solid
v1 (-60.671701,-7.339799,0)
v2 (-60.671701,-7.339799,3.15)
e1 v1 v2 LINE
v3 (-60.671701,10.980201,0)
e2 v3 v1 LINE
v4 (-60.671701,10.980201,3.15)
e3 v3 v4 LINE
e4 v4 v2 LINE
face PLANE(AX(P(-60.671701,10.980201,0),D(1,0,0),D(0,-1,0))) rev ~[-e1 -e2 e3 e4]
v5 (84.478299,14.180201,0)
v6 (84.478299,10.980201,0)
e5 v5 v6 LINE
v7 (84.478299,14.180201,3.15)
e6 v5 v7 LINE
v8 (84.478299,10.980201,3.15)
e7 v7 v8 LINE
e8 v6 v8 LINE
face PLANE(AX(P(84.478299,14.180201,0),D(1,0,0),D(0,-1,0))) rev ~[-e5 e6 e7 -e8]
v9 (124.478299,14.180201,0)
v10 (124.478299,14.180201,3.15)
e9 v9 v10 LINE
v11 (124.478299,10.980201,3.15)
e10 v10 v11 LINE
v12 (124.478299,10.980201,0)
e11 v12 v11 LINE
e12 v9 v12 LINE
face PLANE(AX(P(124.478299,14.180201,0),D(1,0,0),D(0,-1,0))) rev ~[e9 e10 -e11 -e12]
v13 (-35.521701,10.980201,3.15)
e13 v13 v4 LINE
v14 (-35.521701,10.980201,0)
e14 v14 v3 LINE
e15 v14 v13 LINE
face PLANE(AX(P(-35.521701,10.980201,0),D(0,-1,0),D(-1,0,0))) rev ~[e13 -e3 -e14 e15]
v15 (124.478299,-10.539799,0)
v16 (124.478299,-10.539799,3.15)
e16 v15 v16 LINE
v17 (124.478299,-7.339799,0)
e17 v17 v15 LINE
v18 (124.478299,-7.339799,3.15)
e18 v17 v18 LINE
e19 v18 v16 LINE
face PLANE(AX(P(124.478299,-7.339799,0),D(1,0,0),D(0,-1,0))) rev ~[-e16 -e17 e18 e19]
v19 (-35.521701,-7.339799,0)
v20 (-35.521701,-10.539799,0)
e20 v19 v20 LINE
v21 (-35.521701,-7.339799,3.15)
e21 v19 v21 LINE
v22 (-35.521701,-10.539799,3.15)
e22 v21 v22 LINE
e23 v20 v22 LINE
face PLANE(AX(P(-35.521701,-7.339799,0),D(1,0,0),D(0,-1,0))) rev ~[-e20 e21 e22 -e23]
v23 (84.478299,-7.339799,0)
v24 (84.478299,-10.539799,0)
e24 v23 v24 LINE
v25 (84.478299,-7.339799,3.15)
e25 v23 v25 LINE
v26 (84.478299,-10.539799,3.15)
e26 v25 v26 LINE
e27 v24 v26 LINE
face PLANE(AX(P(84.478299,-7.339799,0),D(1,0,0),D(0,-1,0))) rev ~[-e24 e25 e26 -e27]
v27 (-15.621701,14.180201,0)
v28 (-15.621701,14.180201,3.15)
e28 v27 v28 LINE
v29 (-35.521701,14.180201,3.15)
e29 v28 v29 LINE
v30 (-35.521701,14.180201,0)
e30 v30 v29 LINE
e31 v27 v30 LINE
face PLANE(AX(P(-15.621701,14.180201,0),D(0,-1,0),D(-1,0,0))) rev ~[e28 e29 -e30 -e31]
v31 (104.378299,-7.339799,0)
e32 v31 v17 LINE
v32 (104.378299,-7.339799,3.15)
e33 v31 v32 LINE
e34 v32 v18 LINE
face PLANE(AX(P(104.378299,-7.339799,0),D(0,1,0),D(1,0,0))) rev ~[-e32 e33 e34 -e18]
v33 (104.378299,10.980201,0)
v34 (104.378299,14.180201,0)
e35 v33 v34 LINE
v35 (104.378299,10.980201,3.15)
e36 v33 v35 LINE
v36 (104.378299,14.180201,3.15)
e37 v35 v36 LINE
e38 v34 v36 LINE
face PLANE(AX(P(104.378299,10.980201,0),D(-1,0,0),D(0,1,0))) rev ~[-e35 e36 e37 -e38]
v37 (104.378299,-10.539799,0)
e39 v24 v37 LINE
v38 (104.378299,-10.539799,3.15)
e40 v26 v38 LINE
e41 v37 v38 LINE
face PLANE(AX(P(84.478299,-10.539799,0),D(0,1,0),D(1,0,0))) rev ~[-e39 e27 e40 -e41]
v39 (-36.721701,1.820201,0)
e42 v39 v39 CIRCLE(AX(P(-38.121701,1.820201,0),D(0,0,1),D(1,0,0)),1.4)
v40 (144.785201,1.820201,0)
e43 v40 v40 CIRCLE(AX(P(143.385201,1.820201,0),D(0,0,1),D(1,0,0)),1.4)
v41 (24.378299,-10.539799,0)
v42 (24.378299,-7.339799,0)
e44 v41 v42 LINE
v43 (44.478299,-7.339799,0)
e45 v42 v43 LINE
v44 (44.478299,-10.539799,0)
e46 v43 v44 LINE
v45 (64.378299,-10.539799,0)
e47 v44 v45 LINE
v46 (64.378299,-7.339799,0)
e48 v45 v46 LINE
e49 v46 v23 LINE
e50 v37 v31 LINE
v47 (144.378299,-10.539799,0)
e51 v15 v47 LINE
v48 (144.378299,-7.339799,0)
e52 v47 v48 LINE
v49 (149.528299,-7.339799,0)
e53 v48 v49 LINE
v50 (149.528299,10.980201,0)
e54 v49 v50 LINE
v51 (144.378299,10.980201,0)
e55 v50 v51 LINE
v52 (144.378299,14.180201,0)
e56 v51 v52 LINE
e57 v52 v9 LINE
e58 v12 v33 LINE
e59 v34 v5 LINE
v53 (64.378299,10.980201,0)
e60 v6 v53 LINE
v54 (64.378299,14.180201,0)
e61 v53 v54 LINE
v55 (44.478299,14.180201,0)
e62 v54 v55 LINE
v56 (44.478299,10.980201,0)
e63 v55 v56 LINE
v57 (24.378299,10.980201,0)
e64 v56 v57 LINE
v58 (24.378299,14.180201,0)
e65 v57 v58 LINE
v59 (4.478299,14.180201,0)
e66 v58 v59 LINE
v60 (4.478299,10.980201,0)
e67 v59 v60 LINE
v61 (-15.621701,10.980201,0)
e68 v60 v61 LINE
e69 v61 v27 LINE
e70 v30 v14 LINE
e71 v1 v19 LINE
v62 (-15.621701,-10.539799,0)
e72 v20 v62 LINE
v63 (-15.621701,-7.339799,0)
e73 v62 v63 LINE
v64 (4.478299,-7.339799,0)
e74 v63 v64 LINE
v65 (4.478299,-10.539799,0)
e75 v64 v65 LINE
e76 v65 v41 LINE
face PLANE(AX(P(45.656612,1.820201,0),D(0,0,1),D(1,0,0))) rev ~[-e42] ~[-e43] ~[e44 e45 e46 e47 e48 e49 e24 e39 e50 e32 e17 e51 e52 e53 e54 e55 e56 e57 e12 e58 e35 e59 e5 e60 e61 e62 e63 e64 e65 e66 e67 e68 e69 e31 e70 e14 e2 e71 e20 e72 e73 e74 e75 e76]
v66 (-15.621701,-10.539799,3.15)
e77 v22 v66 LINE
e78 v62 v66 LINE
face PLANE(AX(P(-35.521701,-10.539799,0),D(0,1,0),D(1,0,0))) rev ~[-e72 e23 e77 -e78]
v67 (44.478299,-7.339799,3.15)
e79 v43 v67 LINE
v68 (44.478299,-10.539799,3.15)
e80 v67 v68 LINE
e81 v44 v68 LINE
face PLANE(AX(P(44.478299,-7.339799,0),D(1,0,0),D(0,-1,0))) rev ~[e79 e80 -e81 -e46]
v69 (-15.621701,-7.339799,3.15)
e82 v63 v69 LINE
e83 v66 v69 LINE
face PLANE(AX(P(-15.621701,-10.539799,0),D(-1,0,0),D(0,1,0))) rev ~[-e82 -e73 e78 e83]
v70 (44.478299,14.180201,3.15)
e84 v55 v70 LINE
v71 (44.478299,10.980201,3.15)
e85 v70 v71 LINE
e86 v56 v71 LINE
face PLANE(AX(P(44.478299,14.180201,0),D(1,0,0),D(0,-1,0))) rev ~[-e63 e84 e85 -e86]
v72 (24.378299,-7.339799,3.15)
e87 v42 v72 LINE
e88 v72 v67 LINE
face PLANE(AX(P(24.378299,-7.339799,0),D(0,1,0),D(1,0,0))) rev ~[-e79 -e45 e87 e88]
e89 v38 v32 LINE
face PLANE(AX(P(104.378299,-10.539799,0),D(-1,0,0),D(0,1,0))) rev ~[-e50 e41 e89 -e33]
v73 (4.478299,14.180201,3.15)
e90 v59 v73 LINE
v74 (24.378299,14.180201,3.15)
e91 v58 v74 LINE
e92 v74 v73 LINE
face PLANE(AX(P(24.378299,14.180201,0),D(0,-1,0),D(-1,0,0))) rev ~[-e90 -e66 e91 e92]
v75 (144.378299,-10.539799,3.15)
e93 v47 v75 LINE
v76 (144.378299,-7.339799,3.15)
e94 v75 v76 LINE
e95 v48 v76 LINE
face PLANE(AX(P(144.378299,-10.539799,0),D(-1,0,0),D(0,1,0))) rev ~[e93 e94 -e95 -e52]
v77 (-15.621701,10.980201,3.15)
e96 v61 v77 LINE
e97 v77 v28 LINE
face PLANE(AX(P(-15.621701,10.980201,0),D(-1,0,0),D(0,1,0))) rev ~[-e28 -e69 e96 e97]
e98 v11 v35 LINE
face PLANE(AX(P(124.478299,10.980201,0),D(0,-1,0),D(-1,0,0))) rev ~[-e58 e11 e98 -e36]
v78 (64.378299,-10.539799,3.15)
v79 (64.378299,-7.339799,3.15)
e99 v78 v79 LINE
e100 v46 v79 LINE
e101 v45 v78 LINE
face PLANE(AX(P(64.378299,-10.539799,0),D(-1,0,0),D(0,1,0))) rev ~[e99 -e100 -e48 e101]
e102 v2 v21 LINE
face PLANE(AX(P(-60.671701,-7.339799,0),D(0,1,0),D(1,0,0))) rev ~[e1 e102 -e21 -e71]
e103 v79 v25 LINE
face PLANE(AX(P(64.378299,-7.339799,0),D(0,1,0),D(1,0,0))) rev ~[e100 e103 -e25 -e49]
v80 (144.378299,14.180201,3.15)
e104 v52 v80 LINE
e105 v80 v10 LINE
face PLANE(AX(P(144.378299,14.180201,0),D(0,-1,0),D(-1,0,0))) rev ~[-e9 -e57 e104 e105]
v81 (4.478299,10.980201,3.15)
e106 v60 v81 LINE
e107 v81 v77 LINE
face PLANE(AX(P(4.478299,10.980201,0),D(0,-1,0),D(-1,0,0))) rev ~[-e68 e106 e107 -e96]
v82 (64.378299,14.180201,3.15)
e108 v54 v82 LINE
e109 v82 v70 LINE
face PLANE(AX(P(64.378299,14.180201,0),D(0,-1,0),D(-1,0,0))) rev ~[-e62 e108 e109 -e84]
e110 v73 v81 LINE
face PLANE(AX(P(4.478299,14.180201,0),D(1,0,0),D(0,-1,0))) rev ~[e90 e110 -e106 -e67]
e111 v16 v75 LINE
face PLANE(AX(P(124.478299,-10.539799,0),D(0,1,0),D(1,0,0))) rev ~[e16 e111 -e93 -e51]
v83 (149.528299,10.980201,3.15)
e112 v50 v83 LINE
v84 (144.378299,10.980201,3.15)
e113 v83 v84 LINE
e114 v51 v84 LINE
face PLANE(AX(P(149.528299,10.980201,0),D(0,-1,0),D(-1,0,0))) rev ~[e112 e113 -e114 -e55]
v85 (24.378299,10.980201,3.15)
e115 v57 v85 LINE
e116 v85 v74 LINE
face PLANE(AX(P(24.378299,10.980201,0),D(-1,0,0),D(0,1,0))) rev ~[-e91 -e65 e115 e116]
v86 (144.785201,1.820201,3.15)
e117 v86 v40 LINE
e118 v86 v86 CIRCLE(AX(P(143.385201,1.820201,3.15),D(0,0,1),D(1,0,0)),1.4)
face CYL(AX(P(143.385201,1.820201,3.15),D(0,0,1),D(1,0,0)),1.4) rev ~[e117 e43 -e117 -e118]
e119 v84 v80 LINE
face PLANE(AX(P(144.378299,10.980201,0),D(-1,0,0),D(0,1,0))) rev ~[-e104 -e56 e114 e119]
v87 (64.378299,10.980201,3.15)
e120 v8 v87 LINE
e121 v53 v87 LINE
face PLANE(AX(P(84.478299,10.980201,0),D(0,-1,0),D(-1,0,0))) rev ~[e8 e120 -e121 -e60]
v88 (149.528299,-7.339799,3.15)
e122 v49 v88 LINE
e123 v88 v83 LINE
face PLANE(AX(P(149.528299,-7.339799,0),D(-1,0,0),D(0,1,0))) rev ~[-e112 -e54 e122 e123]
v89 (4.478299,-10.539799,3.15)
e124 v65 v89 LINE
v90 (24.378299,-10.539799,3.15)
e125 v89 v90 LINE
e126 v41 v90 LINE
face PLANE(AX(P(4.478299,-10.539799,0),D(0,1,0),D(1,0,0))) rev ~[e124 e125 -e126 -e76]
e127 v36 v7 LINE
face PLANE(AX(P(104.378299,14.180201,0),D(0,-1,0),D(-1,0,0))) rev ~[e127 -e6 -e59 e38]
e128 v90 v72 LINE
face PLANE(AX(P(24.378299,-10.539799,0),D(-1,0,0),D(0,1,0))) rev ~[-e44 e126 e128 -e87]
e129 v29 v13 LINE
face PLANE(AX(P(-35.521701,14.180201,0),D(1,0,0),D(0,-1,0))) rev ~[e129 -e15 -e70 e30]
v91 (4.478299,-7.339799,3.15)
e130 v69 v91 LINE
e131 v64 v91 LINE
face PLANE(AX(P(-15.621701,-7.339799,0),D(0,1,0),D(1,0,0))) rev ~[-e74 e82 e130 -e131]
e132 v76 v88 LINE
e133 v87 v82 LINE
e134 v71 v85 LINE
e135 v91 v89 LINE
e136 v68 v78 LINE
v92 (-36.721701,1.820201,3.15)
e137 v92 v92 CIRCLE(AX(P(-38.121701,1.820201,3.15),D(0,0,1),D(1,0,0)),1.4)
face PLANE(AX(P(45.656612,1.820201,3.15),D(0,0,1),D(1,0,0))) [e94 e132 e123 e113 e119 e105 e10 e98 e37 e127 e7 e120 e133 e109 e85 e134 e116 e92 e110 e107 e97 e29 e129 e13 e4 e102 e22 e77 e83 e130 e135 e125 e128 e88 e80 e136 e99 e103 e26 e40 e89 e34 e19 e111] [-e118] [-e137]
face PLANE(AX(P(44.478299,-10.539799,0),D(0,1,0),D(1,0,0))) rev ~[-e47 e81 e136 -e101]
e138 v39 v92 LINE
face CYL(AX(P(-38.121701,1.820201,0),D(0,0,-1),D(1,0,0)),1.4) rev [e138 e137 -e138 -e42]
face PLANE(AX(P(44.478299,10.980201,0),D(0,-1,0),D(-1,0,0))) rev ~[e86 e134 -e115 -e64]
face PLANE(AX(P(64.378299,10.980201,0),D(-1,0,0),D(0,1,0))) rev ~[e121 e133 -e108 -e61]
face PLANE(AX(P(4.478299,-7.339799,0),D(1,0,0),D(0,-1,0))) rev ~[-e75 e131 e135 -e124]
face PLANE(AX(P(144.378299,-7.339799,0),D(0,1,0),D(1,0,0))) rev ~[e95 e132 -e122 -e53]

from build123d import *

# Parameters (mm, degrees)
SKETCH1_R           = 1.4
BOSS_EXTRUDE1_DEPTH = 3.15
SKETCH2_R           = 1.4
CUT_EXTRUDE1_DEPTH  = 10


with BuildPart() as part:
    # Sketch1 → Boss-Extrude1 (new body)
    with BuildSketch(Plane.XY):
        Polygon((-60.67170061, 10.980201327), (-60.67170061, -7.339798673), (-35.52170061, -7.339798673), (-35.52170061, -7.389798673), (-35.52170061, -10.539798673), (-15.62170061, -10.539798673), (-15.62170061, -7.339798673), (4.47829939, -7.339798673), (4.47829939, -10.539798673), (24.37829939, -10.539798673), (24.37829939, -7.339798673), (44.47829939, -7.339798673), (44.47829939, -10.539798673), (64.37829939, -10.539798673), (64.37829939, -7.339798673), (84.47829939, -7.339798673), (84.47829939, -10.539798673), (104.37829939, -10.539798673), (104.37829939, -7.339798673), (124.47829939, -7.339798673), (124.47829939, -10.539798673), (144.37829939, -10.539798673), (144.37829939, -7.389798673), (144.37829939, -7.339798673), (144.462459505, -7.339798673), (149.52829939, -7.339798673), (149.52829939, 10.980201327), (144.462459505, 10.980201327), (144.37829939, 10.980201327), (144.37829939, 11.030201327), (144.37829939, 14.180201327), (124.47829939, 14.180201327), (124.47829939, 10.980201327), (104.37829939, 10.980201327), (104.37829939, 14.180201327), (84.47829939, 14.180201327), (84.47829939, 10.980201327), (64.37829939, 10.980201327), (64.37829939, 14.180201327), (44.47829939, 14.180201327), (44.47829939, 10.980201327), (24.37829939, 10.980201327), (24.37829939, 14.180201327), (4.47829939, 14.180201327), (4.47829939, 10.980201327), (-15.62170061, 10.980201327), (-15.62170061, 14.180201327), (-35.52170061, 14.180201327), (-35.52170061, 10.980201327), (-35.57170061, 10.980201327), align=None)
        with Locations((-38.12170061, 1.820201327)):
            Circle(SKETCH1_R, mode=Mode.SUBTRACT)
    extrude(amount=BOSS_EXTRUDE1_DEPTH)

    # Sketch2 → Cut-Extrude1 (cut)
    with BuildSketch(Plane.XY.offset(3.15)):
        with Locations((143.385201149, 1.820201327)):
            Circle(SKETCH2_R)
    extrude(amount=-CUT_EXTRUDE1_DEPTH, mode=Mode.SUBTRACT)


solid = part.part
